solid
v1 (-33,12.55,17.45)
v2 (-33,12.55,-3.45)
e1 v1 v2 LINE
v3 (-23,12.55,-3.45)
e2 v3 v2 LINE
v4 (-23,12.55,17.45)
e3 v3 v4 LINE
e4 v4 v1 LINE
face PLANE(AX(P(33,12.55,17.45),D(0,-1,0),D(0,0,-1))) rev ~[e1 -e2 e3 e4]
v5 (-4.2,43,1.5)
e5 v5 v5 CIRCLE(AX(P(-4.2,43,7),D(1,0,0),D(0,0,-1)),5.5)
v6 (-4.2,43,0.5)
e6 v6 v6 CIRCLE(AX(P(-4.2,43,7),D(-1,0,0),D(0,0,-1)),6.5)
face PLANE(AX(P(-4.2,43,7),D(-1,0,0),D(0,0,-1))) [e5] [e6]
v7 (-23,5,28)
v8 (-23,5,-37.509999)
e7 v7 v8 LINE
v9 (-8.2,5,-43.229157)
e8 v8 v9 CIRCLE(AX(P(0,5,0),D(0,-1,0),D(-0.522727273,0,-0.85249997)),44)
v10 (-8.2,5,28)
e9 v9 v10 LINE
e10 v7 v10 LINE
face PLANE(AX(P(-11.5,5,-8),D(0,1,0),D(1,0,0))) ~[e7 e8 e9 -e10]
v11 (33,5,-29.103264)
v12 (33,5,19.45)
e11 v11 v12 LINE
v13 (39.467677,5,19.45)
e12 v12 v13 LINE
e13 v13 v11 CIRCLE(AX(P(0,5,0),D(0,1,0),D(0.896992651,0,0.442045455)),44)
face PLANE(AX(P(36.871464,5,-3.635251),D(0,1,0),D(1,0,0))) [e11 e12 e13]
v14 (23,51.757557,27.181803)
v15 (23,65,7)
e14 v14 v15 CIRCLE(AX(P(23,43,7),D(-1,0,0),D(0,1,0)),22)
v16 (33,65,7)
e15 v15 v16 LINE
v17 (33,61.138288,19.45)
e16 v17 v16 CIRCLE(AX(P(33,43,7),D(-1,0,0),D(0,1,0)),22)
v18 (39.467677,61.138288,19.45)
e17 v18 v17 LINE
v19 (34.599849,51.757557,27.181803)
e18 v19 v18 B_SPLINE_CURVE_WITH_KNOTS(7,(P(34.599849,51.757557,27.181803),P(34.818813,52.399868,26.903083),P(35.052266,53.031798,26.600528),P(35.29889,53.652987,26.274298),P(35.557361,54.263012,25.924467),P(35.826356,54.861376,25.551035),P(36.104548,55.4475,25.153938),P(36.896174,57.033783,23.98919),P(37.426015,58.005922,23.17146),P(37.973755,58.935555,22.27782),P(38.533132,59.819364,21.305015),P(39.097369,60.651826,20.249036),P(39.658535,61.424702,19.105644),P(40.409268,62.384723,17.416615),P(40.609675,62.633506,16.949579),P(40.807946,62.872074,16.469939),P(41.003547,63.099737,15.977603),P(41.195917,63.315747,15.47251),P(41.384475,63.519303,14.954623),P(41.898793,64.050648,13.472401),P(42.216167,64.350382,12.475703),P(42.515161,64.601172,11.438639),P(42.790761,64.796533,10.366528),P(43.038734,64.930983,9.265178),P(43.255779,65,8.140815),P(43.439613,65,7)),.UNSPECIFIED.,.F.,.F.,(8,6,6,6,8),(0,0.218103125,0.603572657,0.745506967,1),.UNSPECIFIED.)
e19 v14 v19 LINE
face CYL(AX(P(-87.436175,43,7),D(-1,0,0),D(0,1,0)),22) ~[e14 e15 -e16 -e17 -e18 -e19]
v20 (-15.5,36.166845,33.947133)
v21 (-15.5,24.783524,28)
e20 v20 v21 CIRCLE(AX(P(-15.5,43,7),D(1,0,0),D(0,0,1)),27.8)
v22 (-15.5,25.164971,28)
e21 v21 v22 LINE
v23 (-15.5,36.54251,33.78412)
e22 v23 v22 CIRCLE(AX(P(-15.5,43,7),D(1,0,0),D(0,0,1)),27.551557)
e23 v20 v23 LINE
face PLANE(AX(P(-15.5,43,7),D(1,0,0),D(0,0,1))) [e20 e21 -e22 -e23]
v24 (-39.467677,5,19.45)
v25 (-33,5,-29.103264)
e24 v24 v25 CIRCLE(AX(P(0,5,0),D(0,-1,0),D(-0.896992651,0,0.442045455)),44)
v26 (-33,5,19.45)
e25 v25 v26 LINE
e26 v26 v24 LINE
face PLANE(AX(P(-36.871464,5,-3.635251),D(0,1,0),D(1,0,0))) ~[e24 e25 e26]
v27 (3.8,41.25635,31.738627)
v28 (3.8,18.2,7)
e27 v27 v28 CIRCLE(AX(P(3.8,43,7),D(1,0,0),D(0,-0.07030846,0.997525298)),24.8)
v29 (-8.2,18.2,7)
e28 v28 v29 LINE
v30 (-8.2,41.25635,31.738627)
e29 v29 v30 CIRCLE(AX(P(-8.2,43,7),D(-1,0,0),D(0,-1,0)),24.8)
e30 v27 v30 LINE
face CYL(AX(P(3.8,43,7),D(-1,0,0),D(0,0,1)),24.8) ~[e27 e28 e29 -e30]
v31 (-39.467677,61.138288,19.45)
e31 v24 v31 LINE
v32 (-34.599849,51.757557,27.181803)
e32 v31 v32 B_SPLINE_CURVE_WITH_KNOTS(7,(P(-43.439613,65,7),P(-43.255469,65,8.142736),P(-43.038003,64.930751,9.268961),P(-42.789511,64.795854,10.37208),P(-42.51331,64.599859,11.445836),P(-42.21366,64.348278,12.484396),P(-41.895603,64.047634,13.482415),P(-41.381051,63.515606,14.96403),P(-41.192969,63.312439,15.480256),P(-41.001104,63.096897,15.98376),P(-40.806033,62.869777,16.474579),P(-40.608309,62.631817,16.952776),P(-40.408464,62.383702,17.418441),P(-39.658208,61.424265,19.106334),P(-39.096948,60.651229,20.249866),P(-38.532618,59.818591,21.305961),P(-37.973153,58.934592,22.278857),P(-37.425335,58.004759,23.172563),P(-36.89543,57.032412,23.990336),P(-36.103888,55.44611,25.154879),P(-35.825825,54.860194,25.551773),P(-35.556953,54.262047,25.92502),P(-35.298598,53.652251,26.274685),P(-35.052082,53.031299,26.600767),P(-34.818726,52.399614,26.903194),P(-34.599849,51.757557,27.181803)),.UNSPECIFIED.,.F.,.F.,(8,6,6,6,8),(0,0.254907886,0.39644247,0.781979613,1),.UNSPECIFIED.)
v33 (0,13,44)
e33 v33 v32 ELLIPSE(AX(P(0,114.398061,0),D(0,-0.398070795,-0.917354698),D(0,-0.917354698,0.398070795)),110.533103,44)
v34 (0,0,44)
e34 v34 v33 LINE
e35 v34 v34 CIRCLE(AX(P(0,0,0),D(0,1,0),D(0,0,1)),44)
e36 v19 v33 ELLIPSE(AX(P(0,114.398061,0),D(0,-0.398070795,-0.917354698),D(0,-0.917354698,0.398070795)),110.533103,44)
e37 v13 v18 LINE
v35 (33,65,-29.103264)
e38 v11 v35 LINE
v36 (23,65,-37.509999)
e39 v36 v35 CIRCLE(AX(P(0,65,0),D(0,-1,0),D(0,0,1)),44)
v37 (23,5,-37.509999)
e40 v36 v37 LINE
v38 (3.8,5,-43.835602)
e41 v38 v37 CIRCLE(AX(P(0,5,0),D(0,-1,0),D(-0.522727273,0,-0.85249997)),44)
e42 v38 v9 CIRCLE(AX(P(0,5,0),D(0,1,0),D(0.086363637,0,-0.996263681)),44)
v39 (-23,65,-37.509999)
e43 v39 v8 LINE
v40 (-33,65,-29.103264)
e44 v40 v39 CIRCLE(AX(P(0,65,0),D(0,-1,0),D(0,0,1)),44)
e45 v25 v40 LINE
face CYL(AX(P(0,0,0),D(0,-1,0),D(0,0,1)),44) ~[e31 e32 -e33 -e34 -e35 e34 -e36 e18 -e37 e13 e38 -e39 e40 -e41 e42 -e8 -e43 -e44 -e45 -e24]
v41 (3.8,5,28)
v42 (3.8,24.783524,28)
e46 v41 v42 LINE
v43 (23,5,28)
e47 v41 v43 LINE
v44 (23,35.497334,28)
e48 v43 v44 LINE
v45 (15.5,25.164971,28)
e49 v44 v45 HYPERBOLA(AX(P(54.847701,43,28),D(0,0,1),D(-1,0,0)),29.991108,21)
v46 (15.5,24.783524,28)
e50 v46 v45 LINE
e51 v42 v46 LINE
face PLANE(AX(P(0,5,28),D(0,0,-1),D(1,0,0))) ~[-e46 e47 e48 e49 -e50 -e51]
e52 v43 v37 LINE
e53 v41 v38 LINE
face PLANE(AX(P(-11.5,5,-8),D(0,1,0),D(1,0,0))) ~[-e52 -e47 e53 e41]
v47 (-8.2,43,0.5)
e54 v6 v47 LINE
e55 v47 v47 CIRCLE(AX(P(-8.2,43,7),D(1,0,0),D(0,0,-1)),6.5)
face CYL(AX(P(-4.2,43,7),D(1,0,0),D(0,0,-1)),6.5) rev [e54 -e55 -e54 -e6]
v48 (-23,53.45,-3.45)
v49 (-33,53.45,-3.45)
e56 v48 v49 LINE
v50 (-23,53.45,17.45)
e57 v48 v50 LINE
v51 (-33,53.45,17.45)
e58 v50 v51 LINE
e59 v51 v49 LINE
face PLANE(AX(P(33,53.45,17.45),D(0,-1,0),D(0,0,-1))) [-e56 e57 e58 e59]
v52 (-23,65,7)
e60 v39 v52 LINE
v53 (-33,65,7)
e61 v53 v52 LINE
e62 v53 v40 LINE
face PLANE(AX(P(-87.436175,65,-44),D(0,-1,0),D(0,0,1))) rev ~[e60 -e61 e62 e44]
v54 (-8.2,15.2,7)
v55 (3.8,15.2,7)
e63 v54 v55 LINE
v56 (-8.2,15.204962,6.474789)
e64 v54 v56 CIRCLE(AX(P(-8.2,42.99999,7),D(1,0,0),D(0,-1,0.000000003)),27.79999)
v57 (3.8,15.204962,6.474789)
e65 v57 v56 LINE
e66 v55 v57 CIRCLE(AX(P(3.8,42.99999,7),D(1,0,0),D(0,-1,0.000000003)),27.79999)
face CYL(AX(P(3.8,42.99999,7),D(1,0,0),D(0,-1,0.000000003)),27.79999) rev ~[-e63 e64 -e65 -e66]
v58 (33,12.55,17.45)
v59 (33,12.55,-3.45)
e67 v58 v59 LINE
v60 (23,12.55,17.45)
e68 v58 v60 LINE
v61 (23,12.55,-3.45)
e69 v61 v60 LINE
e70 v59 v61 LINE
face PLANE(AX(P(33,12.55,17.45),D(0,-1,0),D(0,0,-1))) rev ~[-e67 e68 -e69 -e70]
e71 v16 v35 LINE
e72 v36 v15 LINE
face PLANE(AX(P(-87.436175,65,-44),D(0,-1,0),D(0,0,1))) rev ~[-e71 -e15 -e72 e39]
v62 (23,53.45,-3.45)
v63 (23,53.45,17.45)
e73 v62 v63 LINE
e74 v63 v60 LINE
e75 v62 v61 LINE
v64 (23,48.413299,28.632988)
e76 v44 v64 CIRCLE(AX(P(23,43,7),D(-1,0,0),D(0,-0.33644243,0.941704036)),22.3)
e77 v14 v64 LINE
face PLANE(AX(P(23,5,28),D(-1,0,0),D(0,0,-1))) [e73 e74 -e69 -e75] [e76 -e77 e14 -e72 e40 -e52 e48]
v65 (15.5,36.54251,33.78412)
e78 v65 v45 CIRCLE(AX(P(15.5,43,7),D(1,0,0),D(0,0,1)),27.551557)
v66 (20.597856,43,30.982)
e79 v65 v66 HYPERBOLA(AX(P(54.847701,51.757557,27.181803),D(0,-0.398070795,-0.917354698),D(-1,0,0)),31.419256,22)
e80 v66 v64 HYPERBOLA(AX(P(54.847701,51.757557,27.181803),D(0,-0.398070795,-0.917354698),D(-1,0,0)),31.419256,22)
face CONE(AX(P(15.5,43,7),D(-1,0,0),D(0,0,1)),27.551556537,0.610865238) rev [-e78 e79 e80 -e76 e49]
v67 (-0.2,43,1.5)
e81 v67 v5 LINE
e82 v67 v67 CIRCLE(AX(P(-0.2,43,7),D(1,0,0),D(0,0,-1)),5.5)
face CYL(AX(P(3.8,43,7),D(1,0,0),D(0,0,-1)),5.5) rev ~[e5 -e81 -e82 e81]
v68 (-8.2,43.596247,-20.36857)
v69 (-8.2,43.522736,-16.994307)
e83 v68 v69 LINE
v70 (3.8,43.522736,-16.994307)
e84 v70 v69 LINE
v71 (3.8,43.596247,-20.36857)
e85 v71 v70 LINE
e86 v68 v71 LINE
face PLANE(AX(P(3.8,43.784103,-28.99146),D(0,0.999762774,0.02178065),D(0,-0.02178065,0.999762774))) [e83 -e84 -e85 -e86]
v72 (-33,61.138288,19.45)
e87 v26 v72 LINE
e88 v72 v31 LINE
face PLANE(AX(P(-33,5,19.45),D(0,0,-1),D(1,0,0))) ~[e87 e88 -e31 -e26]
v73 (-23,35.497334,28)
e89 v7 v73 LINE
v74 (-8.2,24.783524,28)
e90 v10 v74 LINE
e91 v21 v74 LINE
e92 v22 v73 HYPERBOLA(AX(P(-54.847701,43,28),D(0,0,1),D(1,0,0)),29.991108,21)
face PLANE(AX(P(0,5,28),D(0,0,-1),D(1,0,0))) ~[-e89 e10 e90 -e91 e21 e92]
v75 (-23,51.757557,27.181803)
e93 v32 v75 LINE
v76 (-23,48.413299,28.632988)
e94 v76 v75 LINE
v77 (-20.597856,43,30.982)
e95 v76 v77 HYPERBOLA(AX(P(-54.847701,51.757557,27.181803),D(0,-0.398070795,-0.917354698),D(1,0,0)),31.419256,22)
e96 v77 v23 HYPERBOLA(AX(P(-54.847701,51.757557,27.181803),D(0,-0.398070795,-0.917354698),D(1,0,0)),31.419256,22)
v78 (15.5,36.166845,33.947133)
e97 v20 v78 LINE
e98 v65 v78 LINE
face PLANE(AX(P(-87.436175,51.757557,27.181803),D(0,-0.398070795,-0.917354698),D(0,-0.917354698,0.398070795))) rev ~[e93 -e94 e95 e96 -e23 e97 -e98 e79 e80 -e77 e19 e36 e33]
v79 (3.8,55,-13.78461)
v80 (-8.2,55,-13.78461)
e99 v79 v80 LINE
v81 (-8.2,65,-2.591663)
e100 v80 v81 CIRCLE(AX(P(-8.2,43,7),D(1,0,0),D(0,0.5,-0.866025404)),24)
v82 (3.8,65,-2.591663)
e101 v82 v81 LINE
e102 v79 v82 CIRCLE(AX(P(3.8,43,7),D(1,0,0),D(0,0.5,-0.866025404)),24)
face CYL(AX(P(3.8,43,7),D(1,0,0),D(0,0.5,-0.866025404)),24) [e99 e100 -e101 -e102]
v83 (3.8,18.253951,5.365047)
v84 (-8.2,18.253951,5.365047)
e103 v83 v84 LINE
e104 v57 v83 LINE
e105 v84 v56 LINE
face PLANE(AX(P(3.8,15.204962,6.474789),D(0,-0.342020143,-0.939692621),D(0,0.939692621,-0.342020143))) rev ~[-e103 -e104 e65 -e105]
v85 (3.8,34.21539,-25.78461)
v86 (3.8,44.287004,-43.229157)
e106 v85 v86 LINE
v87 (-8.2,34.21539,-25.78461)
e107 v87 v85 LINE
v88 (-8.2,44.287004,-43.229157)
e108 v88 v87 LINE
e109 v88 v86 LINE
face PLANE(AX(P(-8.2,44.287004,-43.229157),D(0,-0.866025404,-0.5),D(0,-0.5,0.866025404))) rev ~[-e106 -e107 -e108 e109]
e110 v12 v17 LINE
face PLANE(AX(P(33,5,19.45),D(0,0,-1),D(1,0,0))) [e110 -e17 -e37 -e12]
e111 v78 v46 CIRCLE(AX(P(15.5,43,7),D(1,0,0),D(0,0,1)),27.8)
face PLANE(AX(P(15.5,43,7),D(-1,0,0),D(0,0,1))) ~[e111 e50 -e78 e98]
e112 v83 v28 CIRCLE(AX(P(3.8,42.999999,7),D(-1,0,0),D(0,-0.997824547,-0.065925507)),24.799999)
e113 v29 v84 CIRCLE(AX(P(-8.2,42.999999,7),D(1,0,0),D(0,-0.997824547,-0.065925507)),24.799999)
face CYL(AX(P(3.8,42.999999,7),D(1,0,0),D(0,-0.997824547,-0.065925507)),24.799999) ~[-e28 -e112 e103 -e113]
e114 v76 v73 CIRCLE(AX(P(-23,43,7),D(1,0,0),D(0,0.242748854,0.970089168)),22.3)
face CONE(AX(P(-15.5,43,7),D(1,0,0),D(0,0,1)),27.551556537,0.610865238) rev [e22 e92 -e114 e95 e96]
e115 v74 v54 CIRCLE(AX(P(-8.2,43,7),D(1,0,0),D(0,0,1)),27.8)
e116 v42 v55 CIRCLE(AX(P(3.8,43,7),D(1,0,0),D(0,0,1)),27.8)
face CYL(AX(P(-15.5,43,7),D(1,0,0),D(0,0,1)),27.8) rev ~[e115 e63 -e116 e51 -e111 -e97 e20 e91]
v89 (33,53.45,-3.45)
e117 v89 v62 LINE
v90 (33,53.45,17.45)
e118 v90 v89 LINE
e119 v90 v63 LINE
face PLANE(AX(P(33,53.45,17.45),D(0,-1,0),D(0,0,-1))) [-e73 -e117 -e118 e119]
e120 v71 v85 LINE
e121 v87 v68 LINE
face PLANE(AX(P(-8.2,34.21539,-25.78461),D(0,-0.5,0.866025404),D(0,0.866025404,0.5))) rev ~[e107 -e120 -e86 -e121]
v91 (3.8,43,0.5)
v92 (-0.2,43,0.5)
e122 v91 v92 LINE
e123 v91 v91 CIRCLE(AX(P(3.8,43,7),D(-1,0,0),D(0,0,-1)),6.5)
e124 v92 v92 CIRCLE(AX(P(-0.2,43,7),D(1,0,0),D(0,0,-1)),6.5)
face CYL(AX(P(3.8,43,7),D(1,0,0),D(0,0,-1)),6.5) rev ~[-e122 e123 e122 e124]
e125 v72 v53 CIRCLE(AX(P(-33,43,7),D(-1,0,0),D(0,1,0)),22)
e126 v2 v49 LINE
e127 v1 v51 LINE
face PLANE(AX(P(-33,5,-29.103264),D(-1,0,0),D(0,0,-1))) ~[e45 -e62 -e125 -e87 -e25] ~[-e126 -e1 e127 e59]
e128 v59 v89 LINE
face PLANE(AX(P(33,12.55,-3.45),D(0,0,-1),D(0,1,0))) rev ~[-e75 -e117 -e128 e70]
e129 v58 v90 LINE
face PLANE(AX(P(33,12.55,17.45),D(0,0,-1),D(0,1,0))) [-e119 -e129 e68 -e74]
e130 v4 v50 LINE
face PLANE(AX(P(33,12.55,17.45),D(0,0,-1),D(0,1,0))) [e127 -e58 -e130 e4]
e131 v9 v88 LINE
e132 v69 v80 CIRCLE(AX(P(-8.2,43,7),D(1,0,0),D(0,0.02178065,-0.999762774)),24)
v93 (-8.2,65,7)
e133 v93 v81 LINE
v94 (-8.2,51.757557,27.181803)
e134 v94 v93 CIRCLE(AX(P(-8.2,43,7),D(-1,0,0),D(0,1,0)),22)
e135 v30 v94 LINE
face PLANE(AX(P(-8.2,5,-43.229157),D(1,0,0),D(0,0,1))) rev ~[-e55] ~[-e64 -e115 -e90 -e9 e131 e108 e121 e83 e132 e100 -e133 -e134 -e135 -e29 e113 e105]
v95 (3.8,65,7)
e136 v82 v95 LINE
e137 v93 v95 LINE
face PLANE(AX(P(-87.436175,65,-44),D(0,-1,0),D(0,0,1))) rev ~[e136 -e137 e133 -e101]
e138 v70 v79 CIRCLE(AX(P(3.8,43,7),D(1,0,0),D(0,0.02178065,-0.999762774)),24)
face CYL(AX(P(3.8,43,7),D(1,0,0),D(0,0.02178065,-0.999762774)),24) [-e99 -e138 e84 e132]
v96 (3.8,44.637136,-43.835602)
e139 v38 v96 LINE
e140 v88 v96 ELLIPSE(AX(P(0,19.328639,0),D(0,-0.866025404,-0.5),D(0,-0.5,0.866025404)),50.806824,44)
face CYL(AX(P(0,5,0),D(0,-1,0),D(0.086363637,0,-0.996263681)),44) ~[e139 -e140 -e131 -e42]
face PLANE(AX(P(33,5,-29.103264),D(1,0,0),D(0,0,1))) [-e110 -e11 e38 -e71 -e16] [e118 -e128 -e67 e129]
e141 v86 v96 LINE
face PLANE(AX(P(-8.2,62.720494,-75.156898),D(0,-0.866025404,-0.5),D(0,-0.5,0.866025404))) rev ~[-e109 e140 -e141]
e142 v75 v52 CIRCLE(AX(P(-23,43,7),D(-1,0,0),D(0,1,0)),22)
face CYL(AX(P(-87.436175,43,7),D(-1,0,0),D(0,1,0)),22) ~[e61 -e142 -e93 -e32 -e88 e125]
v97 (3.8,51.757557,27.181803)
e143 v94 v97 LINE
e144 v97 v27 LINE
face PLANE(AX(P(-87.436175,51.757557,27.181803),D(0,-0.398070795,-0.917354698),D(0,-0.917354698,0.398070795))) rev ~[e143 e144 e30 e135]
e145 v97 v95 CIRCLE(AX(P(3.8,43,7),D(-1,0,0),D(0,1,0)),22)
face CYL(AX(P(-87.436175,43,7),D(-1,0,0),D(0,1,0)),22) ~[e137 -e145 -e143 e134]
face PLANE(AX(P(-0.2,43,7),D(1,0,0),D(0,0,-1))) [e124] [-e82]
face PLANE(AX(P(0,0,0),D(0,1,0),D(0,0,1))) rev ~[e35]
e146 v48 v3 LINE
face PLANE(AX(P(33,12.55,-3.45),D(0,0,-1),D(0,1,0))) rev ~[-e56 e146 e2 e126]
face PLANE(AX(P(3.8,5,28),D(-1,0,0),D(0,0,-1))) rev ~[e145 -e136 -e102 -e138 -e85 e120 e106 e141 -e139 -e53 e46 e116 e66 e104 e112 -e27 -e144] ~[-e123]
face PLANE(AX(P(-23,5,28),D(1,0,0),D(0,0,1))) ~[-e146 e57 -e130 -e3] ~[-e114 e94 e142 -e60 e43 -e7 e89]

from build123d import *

# Parameters (mm, degrees)
SKETCH_1_R                = 44
EXTRUDE_1_DEPTH           = 80
CUT_EXTRUDE_START         = 5
SKETCH_2_W                = 23
SKETCH_2_H                = 72
CUT_EXTRUDE_5_DEPTH       = 97.350875675
SKETCH_3_W                = 20.9
SKETCH_3_H                = 40.9
CUT_EXTRUDE_6_DEPTH       = 120.436175424
EXTRUDE_2_DEPTH           = 75
SKETCH_7_R                = 6.5
CUT_EXTRUDE_7_DEPTH       = 4
CUT_EXTRUDE_START_2       = -4
SKETCH_8_R                = 6.5
CUT_EXTRUDE_8_DEPTH       = 4
CUT_EXTRUDE_9_REACH       = 105.057
SKETCH_9_R                = 5.5
CUT_EXTRUDE_10_DEPTH      = 120.436175424
CUT_EXTRUDE_10_DEPTH_BACK = 120.436175424
CUT_EXTRUDE_START_3       = -12
CUT_EXTRUDE_13_DEPTH      = 12
CUT_EXTRUDE_14_REACH      = 96.265
CUT_REVOLVE_1_ANGLE       = 180
CUT_REVOLVE_2_ANGLE       = 180
CUT_EXTRUDE_20_REACH      = 93.901


with BuildPart() as part:
    # 草图1 → 凸台-拉伸1 (new body)
    with BuildSketch(Plane(origin=(0, 0, 0), x_dir=(1, 0, 0), z_dir=(0, 1, 0))):
        with Locations(Location((0, 0, 0), (0, 0, 270))):
            Circle(SKETCH_1_R)
    extrude(amount=EXTRUDE_1_DEPTH)

    # 草图2 → 切除-拉伸5 (cut, through all)
    with BuildSketch(Plane(origin=(0, 0, 0), x_dir=(1, 0, 0), z_dir=(0, 1, 0)).offset(CUT_EXTRUDE_START)):
        with BuildLine():
            Line((33, 29.103264422), (33, -19.45))
            Line((33, -19.45), (39.467676648, -19.45))
            ThreePointArc((39.467676648, -19.45), (43.614744195, 5.809826917), (33, 29.103264422))
        make_face()
        with Locations((11.5, 8)):
            Rectangle(SKETCH_2_W, SKETCH_2_H)
    cut_extrude_5 = extrude(amount=CUT_EXTRUDE_5_DEPTH, mode=Mode.SUBTRACT)

    # 镜向1: 切除-拉伸5 across plane
    add(cut_extrude_5.mirror(Plane(origin=(0, 0, 0), x_dir=(0, 0, 1), z_dir=(1, 0, 0))), mode=Mode.SUBTRACT)

    # 草图3 → 切除-拉伸6 (cut, through all)
    with BuildSketch(Plane(origin=(33, 0, 0), x_dir=(0, 0, -1), z_dir=(1, 0, 0))):
        with Locations((-7, 33)):
            Rectangle(SKETCH_3_W, SKETCH_3_H)
    extrude(amount=-CUT_EXTRUDE_6_DEPTH, mode=Mode.SUBTRACT)

    # 草图6 → 凸台-拉伸2 (add)
    with BuildSketch(Plane(origin=(0, 5, 0), x_dir=(1, 0, 0), z_dir=(0, 1, 0))):
        with BuildLine():
            Line((-8.2, 43.229156827), (-8.2, -28))
            Line((-8.2, -28), (3.8, -28))
            Line((3.8, -28), (3.8, 43.835601969))
            ThreePointArc((3.8, 43.835601969), (-2.220798038, 43.943919444), (-8.2, 43.229156827))
        make_face()
    extrude(amount=EXTRUDE_2_DEPTH)

    # 草图7 → 切除-拉伸7 (cut)
    with BuildSketch(Plane(origin=(3.8, 0, 0), x_dir=(0, 0, -1), z_dir=(1, 0, 0))):
        with Locations((-7, 43)):
            Circle(SKETCH_7_R)
    extrude(amount=-CUT_EXTRUDE_7_DEPTH, mode=Mode.SUBTRACT)

    # 草图8 → 切除-拉伸8 (cut)
    with BuildSketch(Plane.ZY.offset(8.2).offset(CUT_EXTRUDE_START_2)):
        with Locations(Location((7, 43, 0), (0, 0, 180))):
            Circle(SKETCH_8_R)
    extrude(amount=CUT_EXTRUDE_8_DEPTH, mode=Mode.SUBTRACT)

    # 草图9 → 切除-拉伸9 (cut, up to next)
    with BuildSketch(Plane(origin=(3.8, 0, 0), x_dir=(0, 0, -1), z_dir=(1, 0, 0)), mode=Mode.PRIVATE) as cut_extrude_9_sk1:
        with Locations((-7, 43)):
            Circle(SKETCH_9_R)
    cut_extrude_9_tool1 = extrude(cut_extrude_9_sk1.sketch, amount=-CUT_EXTRUDE_9_REACH, mode=Mode.PRIVATE) & part.part
    add(cut_extrude_9_tool1.solids().sort_by_distance((3.8, 43, 7))[0], mode=Mode.SUBTRACT)

    # 草图10 → 切除-拉伸10 (cut, two sides: drawn at the far end of the back side and taken through both)
    with BuildSketch(Plane(origin=(33, 0, 0), x_dir=(0, 0, -1), z_dir=(1, 0, 0)).offset(-CUT_EXTRUDE_10_DEPTH_BACK)):
        with BuildLine():
            Line((44, 80), (44, 65))
            Line((44, 65), (-7, 65))
            ThreePointArc((-7, 65), (-19.069252989, 61.393834083), (-27.181803363, 51.757557481))
            Line((-27.181803363, 51.757557481), (-44, 13))
            Line((-44, 13), (-44, 80))
            Line((-44, 80), (44, 80))
        make_face()
    extrude(amount=CUT_EXTRUDE_10_DEPTH + CUT_EXTRUDE_10_DEPTH_BACK, mode=Mode.SUBTRACT)

    # 草图18 → 切除-拉伸13 (cut)
    with BuildSketch(Plane.ZY.offset(8.2).offset(CUT_EXTRUDE_START_3)):
        with BuildLine():
            ThreePointArc((-16.994306564, 43.522735592), (-16.113193955, 49.463765557), (-13.784609691, 55))
            ThreePointArc((-13.784609691, 55), (-8.989980812, 60.897500207), (-2.591663047, 65))
            Line((-2.591663047, 65), (-21.495613698, 65))
            ThreePointArc((-21.495613698, 65), (-26.943692062, 54.992738185), (-28.991459846, 43.784103388))
            Line((-28.991459846, 43.784103388), (-16.994306564, 43.522735592))
        make_face()
    extrude(amount=CUT_EXTRUDE_13_DEPTH, mode=Mode.SUBTRACT)

    # 草图19 → 切除-拉伸14 (cut, up to next)
    with BuildSketch(Plane.ZY.offset(8.2), mode=Mode.PRIVATE) as cut_extrude_14_sk1:
        with BuildLine():
            Line((-25.784609691, 34.215390309), (-20.368569743, 43.596246675))
            Line((-20.368569743, 43.596246675), (-28.991459846, 43.784103388))
            ThreePointArc((-28.991459846, 43.784103388), (-26.943692062, 54.992738185), (-21.495613698, 65))
            Line((-21.495613698, 65), (-43.229156827, 65))
            Line((-43.229156827, 65), (-43.229156827, 44.287004294))
            Line((-43.229156827, 44.287004294), (-25.784609691, 34.215390309))
        make_face()
    cut_extrude_14_tool1 = extrude(cut_extrude_14_sk1.sketch, amount=-CUT_EXTRUDE_14_REACH, mode=Mode.PRIVATE) & part.part
    # 草图19 → 切除-拉伸14 (cut, up to next)
    with BuildSketch(Plane.ZY.offset(8.2), mode=Mode.PRIVATE) as cut_extrude_14_sk2:
        with BuildLine():
            Line((-20.368569743, 43.596246675), (-13.784609691, 55))
            Line((-13.784609691, 55), (-13.784609691, 93.841822502))
            Line((-13.784609691, 93.841822502), (-75.156898342, 93.841822502))
            Line((-75.156898342, 93.841822502), (-75.156898342, 62.720494453))
            Line((-75.156898342, 62.720494453), (-43.229156827, 44.287004294))
            Line((-43.229156827, 44.287004294), (-43.229156827, 65))
            Line((-43.229156827, 65), (-21.495613698, 65))
            ThreePointArc((-21.495613698, 65), (-26.943692062, 54.992738185), (-28.991459846, 43.784103388))
            Line((-28.991459846, 43.784103388), (-20.368569743, 43.596246675))
        make_face()
    cut_extrude_14_tool2 = extrude(cut_extrude_14_sk2.sketch, amount=-CUT_EXTRUDE_14_REACH, mode=Mode.PRIVATE) & part.part
    add(cut_extrude_14_tool1.solids().sort_by_distance((-8.2, 51.836761, -33.537679))[0], mode=Mode.SUBTRACT)
    add(cut_extrude_14_tool2.solids().sort_by_distance((-8.2, 73.617285, -43.768646))[0], mode=Mode.SUBTRACT)

    # 草图24 → 切除-旋转1 (revolve, symmetric, cut)
    with BuildSketch(Plane(origin=(0, 43, 0), x_dir=(-1, 0, 0), z_dir=(0, -1, 0))) as cut_revolve_1_sk:
        Polygon((15.5, -31.8), (15.5, -34.8), (-15.5, -34.8), (-15.5, -31.8), (-15.5, -7), (-3.8, -7), (-3.8, -31.8), (8.2, -31.8), (8.2, -7), (15.5, -7), align=None)
    revolve(axis=Axis((-101.499852898, 43, 7), (1, 0, 0)), revolution_arc=CUT_REVOLVE_1_ANGLE / 2, mode=Mode.SUBTRACT)
    revolve(cut_revolve_1_sk.sketch, axis=Axis((-101.499852898, 43, 7), (-1, 0, 0)), revolution_arc=CUT_REVOLVE_1_ANGLE / 2, mode=Mode.SUBTRACT)

    # 草图26 → 切除-旋转2 (revolve, symmetric, cut)
    with BuildSketch(Plane(origin=(0, 43, 0), x_dir=(1, 0, 0), z_dir=(0, 1, 0))) as cut_revolve_2_sk:
        Polygon((-15.5, -34.551556537), (-23, -29.3), (-23, -28), (-15.5, -28), align=None)
        Polygon((15.5, -34.551556537), (23, -29.3), (23, -28), (15.5, -28), align=None)
    revolve(axis=Axis((-28, 43, 7), (1, 0, 0)), revolution_arc=CUT_REVOLVE_2_ANGLE / 2, mode=Mode.SUBTRACT)
    revolve(cut_revolve_2_sk.sketch, axis=Axis((-28, 43, 7), (-1, 0, 0)), revolution_arc=CUT_REVOLVE_2_ANGLE / 2, mode=Mode.SUBTRACT)

    # 草图28 → 切除-拉伸20 (cut, up to next)
    with BuildSketch(Plane(origin=(3.8, 0, 0), x_dir=(0, 0, -1), z_dir=(1, 0, 0)), mode=Mode.PRIVATE) as cut_extrude_20_sk1:
        with BuildLine():
            ThreePointArc((-7, 15.2), (-6.737382717, 15.201240456), (-6.474788871, 15.204961715))
            Line((-6.474788871, 15.204961715), (-5.365047446, 18.253951222))
            ThreePointArc((-5.365047446, 18.253951222), (-6.182078765, 18.213491475), (-7, 18.2))
            Line((-7, 18.2), (-7, 15.2))
        make_face()
    cut_extrude_20_tool1 = extrude(cut_extrude_20_sk1.sketch, amount=-CUT_EXTRUDE_20_REACH, mode=Mode.PRIVATE) & part.part
    add(cut_extrude_20_tool1.solids().sort_by_distance((3.8, 16.966985, 6.413126))[0], mode=Mode.SUBTRACT)


solid = part.part
